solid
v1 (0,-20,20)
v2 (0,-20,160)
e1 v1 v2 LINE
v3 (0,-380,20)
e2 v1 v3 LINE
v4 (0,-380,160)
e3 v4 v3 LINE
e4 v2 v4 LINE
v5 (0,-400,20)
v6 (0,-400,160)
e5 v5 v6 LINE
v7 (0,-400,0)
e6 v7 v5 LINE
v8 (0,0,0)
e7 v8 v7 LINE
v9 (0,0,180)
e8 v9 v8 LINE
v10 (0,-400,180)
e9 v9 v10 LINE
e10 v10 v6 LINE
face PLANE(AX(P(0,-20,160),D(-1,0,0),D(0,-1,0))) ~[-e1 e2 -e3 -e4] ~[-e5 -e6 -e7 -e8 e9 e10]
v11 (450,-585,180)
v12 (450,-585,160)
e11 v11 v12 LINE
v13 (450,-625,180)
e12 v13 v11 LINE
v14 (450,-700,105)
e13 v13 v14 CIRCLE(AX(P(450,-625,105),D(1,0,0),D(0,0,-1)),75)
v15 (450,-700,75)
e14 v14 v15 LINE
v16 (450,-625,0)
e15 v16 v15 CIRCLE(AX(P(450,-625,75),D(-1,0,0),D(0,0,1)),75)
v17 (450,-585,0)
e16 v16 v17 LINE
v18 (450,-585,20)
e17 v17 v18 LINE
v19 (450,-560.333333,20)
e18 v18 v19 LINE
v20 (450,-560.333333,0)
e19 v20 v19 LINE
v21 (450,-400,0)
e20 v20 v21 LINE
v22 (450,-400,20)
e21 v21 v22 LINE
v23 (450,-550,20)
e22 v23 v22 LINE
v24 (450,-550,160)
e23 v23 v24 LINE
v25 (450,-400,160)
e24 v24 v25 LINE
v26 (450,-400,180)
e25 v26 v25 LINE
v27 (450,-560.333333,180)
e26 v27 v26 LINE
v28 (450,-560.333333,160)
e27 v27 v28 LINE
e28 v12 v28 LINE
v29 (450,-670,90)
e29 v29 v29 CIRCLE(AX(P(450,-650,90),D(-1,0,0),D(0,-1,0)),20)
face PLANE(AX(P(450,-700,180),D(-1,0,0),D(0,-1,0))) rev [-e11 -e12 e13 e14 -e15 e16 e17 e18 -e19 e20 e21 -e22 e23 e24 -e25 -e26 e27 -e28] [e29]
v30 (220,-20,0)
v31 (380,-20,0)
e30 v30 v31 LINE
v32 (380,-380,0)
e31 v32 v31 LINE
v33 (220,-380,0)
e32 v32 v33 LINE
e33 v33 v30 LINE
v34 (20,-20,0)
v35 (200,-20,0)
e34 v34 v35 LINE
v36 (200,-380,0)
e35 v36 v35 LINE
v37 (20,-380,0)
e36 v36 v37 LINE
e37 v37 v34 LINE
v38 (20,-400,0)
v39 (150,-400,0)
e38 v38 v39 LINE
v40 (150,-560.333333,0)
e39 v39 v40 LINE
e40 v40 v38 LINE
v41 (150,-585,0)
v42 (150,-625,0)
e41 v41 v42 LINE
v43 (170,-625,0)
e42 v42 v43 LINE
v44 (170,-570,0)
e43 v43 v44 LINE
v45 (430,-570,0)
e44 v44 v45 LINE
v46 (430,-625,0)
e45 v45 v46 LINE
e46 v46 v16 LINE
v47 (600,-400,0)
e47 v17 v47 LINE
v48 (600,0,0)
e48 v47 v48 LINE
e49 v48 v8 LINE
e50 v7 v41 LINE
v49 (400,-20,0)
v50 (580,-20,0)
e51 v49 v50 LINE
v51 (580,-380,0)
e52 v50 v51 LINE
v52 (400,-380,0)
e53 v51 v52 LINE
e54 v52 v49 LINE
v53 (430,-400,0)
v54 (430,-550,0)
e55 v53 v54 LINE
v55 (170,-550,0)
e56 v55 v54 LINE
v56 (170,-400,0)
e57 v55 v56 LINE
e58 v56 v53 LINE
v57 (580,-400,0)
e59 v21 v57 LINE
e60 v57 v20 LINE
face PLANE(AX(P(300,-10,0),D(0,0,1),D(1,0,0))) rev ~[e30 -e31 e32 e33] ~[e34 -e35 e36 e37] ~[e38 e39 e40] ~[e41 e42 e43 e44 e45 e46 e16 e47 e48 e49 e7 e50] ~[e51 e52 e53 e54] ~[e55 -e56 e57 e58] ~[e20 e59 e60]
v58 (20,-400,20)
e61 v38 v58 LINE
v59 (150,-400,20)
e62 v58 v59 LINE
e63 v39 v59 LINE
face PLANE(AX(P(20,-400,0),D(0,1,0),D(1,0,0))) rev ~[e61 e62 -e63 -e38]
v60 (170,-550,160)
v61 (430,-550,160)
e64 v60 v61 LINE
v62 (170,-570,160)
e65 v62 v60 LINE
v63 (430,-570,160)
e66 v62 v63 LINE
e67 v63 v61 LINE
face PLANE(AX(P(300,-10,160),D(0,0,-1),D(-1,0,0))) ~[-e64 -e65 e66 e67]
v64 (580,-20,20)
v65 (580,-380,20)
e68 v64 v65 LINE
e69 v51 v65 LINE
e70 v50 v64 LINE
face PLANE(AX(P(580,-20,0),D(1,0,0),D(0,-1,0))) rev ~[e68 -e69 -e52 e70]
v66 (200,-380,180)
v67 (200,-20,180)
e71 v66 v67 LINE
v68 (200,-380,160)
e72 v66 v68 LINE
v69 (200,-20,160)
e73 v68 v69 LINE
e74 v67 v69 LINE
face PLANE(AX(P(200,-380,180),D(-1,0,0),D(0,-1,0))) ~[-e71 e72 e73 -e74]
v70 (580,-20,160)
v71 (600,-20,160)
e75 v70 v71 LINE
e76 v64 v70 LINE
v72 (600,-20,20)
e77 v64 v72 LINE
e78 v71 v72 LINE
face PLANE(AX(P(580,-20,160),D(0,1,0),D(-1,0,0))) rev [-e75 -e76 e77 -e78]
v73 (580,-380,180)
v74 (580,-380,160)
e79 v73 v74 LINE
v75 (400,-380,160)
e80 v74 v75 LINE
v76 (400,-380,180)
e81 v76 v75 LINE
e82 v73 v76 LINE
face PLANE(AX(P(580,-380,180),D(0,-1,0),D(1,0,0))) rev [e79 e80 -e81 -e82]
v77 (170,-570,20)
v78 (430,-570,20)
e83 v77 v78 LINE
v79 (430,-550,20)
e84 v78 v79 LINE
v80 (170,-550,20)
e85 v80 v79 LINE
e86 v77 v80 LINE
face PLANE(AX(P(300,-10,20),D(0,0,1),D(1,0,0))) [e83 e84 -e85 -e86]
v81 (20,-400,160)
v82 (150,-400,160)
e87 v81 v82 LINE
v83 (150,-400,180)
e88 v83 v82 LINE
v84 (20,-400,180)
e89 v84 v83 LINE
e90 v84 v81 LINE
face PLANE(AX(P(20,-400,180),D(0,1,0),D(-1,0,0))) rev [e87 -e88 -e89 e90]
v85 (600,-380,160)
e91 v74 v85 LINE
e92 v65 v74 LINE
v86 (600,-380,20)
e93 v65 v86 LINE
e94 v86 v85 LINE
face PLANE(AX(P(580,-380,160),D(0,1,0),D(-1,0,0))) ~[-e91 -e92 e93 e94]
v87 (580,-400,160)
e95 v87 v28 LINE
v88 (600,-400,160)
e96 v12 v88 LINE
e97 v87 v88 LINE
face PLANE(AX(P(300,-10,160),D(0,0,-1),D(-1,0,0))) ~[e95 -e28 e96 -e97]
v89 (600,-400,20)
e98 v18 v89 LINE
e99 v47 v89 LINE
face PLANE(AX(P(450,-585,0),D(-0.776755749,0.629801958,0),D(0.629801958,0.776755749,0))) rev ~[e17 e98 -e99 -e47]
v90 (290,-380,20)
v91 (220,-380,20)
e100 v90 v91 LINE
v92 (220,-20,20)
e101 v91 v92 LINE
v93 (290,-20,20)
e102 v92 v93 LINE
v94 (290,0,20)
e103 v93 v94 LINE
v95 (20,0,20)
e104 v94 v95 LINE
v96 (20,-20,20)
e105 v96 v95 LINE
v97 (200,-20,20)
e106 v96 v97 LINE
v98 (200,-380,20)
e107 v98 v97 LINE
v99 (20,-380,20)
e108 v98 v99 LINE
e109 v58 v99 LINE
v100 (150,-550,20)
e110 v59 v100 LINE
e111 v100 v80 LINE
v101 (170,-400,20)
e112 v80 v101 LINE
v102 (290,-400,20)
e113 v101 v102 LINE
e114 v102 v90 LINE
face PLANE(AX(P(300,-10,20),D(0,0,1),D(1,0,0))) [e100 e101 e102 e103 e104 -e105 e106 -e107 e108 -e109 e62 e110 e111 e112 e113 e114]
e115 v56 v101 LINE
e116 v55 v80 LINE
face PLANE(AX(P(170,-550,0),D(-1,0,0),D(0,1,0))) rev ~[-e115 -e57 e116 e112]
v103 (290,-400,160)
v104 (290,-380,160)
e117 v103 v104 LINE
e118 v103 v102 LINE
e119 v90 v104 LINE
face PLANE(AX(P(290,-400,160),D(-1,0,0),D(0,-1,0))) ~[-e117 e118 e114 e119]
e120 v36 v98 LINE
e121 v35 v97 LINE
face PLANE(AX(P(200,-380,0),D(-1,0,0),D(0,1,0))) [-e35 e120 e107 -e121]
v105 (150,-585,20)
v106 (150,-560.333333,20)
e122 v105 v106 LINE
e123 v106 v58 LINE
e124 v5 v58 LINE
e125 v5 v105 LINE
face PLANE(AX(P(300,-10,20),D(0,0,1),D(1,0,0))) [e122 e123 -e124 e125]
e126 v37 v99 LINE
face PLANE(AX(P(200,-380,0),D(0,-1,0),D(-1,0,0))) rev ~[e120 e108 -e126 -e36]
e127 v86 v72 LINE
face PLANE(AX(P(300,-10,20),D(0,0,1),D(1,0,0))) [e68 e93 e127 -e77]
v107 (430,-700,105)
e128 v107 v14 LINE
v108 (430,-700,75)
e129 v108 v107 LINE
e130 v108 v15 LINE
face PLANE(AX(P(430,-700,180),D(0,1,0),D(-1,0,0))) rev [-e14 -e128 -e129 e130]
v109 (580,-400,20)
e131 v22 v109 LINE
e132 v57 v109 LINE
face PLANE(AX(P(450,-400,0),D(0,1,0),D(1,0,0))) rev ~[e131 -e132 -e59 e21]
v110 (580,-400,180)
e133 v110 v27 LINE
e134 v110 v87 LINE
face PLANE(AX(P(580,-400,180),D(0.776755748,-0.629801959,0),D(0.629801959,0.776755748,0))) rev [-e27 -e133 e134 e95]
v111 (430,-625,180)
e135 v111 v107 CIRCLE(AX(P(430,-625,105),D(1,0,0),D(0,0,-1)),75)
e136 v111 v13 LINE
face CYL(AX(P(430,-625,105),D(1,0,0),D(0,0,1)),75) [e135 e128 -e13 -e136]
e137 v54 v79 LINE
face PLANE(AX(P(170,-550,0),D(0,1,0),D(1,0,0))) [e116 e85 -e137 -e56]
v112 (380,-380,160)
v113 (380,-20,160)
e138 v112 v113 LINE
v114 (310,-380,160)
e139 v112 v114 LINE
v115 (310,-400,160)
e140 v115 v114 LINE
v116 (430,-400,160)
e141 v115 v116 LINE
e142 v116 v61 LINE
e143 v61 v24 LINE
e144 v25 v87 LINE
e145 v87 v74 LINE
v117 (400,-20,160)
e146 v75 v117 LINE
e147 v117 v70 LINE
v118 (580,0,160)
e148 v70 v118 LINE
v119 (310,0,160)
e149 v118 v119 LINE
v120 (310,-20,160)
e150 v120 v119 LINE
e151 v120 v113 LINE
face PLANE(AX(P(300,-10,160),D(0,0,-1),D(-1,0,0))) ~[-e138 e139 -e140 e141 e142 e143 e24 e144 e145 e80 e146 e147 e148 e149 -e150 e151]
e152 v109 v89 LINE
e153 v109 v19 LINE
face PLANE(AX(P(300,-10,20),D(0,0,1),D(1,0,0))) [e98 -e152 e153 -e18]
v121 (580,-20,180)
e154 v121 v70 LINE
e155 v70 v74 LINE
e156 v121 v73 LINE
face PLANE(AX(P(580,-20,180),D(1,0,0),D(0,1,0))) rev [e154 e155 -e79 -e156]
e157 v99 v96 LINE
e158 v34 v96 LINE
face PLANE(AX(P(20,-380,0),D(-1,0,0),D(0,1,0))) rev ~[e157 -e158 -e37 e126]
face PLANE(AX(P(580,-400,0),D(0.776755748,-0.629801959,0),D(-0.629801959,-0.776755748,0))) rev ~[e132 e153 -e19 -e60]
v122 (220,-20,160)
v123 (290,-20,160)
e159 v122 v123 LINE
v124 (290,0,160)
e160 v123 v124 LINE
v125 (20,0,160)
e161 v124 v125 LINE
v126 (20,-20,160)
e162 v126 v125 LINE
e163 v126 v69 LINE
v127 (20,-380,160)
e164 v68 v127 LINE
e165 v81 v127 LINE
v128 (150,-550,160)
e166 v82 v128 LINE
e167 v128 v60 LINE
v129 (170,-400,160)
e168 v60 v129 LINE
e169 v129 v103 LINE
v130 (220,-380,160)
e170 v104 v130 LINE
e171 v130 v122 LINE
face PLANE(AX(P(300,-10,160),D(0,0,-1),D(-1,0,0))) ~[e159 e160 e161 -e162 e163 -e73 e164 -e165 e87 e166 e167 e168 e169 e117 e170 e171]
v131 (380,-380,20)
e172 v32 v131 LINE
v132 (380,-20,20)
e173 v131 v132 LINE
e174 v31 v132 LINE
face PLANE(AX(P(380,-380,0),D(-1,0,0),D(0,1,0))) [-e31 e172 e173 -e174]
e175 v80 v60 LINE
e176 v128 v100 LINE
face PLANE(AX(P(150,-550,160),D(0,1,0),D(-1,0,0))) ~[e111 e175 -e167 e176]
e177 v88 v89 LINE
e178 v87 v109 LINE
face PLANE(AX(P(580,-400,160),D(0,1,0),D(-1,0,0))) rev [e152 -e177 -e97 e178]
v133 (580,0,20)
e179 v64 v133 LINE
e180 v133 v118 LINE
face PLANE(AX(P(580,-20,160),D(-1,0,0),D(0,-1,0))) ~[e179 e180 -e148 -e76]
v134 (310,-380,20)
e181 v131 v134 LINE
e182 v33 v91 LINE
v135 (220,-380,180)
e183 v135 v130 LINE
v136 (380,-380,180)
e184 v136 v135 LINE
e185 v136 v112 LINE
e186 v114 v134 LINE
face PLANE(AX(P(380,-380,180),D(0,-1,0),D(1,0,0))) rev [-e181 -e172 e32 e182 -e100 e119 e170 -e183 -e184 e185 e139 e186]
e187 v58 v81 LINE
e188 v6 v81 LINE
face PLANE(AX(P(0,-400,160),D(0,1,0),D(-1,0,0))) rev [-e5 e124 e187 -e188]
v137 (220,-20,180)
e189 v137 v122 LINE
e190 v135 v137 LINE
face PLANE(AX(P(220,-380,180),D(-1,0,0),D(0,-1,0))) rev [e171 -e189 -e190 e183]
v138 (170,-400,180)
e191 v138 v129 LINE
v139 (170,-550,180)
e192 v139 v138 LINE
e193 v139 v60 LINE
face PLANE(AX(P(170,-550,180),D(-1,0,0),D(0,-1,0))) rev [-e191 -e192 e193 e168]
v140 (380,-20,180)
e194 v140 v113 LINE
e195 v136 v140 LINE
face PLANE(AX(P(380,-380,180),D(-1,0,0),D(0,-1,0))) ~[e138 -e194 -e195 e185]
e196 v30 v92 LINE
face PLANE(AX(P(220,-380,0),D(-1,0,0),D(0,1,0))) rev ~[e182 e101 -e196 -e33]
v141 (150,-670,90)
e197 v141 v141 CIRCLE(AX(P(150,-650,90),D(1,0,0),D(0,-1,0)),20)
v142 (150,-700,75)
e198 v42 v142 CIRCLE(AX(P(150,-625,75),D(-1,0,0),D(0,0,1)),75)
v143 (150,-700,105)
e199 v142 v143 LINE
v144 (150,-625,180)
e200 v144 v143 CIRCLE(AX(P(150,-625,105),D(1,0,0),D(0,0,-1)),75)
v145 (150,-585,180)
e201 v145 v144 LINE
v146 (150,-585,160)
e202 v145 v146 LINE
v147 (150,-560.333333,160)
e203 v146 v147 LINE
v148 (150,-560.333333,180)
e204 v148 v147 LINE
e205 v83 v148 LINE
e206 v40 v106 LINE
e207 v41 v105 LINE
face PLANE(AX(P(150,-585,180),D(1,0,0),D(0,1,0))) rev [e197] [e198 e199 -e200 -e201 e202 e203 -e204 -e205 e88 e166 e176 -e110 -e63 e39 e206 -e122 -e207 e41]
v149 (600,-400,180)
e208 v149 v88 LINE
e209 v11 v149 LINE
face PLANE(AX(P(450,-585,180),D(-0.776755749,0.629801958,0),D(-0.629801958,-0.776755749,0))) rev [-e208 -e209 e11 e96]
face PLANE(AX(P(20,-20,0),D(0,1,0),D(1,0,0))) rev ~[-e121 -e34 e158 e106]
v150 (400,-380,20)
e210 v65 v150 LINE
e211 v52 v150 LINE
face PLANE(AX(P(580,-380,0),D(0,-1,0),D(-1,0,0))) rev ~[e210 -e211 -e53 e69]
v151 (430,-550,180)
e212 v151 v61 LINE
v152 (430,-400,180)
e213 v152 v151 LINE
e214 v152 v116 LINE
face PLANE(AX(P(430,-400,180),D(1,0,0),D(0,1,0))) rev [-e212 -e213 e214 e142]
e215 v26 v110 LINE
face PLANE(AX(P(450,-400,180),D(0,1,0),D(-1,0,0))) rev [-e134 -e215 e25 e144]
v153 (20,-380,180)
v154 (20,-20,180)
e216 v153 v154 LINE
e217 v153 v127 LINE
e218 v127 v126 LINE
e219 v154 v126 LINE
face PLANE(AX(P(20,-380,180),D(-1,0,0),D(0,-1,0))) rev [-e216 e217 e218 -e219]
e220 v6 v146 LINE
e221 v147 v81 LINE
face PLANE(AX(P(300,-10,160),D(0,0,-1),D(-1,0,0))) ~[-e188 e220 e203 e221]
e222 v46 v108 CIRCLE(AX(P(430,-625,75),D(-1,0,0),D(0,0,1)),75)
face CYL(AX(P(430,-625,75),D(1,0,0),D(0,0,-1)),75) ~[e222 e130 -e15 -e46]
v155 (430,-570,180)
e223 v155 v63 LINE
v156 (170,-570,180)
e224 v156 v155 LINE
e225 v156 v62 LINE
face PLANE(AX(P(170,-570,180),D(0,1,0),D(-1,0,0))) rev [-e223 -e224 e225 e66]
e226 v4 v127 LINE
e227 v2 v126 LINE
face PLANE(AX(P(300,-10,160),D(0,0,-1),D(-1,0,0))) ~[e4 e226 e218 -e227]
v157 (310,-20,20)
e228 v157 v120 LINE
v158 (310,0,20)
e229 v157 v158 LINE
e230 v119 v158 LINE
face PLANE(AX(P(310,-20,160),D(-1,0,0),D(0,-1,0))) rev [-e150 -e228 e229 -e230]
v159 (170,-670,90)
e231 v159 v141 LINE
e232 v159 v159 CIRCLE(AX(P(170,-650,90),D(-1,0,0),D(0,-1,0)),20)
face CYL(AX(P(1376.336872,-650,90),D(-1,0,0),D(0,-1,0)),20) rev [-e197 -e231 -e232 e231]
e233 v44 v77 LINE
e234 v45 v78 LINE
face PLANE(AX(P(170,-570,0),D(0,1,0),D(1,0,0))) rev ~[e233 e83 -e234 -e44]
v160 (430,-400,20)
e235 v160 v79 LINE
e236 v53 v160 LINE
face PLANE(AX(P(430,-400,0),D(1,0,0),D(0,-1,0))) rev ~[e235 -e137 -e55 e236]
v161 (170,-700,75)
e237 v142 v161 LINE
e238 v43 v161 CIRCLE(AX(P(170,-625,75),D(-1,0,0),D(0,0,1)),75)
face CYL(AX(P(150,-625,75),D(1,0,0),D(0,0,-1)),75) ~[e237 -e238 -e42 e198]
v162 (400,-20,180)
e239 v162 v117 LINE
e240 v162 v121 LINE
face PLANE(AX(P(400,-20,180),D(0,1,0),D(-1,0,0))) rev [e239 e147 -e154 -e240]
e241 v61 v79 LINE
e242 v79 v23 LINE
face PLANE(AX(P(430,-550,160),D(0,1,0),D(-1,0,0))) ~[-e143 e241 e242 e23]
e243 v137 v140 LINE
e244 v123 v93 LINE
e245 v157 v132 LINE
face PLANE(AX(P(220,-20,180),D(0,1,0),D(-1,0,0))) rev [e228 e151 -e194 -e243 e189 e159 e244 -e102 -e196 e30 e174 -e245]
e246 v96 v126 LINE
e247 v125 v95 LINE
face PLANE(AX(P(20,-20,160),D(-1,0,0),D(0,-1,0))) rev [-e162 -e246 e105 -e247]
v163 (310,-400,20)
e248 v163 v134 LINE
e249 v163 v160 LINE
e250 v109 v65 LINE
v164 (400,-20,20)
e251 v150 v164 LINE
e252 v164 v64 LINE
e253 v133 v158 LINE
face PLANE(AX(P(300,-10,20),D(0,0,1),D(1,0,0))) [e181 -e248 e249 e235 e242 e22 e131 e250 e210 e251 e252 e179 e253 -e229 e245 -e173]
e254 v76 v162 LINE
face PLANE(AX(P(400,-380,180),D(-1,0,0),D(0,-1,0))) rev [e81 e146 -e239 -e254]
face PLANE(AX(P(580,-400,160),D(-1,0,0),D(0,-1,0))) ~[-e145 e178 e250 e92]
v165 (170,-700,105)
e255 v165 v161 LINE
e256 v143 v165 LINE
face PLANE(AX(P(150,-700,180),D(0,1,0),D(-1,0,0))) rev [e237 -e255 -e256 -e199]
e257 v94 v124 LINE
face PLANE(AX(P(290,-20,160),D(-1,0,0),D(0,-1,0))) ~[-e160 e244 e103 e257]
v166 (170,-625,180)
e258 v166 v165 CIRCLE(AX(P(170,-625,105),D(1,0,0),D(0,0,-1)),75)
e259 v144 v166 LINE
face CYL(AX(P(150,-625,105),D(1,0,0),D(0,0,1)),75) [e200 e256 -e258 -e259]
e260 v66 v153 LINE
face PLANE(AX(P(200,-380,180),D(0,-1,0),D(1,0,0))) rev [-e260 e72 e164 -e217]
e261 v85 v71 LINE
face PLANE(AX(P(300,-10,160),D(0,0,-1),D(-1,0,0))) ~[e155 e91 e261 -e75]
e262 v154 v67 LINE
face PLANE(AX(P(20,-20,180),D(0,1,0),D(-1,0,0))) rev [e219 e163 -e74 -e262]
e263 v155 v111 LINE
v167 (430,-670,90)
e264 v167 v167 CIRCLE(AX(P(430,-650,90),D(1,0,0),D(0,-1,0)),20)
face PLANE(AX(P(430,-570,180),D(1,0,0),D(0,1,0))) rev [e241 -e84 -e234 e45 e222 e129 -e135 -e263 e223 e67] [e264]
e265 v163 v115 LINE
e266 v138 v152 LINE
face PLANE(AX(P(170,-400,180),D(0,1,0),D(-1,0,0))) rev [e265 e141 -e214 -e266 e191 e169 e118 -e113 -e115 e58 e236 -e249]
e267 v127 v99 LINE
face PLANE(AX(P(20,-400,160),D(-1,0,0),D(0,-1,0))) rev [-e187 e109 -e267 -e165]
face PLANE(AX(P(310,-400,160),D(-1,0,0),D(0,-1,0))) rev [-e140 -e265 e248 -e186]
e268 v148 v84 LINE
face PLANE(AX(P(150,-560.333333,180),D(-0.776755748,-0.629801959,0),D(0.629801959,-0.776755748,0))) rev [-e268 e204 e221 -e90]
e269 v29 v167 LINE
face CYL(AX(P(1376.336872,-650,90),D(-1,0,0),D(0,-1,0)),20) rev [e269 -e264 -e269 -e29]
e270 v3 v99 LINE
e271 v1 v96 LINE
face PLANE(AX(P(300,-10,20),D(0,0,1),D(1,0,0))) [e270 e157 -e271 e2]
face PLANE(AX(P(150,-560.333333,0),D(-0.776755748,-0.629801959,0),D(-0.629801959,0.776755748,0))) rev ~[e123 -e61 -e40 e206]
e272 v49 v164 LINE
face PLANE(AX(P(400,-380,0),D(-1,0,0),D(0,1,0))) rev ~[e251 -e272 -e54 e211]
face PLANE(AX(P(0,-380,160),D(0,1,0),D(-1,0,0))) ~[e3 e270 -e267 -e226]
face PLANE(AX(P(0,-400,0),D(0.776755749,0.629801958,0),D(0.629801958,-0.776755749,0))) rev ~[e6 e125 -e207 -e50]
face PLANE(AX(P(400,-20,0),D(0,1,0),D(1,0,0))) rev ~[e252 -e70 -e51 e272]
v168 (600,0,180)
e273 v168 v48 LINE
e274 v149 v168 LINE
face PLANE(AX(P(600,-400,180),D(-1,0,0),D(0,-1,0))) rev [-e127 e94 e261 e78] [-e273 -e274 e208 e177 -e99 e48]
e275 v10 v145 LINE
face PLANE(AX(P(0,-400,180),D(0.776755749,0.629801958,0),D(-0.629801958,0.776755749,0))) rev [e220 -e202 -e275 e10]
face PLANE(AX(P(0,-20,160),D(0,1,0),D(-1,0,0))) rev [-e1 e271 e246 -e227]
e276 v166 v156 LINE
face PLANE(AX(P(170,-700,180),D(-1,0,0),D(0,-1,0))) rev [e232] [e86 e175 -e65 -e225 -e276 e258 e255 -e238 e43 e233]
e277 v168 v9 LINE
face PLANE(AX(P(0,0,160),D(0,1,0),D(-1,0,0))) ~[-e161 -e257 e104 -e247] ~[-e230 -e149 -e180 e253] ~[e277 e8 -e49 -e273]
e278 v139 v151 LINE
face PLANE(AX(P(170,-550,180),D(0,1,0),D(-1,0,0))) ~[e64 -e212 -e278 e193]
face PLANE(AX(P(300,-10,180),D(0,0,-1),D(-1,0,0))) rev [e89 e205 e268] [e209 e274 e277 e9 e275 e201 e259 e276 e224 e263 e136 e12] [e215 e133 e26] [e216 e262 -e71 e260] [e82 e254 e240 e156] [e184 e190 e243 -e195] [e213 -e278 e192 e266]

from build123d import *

# Parameters (mm, degrees)
F0_W     = 260
F0_H     = 20
F0_W_2   = 20
F0_H_2   = 360
F1_DEPTH = 20
F2_W     = 20
F2_H     = 20
F2_H_2   = 150
F3_DEPTH = 70
F5_D     = 40
F6_R     = 75


with BuildPart() as f1:
    # F0 (on Top) → F1 (new body)
    with BuildSketch(Plane.XY):
        Polygon((600, 0), (0, 0), (0, -20), (20, -20), (200, -20), (220, -20), (380, -20), (400, -20), (580, -20), (600, -20), align=None)
        Polygon((20, -20), (0, -20), (0, -400), (20, -400), (20, -380), align=None)
        Polygon((600, -400), (600, -20), (580, -20), (580, -380), (580, -400), align=None)
        Polygon((20, -400), (0, -400), (150, -585), (150, -560.333333), align=None)
        Polygon((450, -585), (600, -400), (580, -400), (450, -560.333333), align=None)
        Polygon((150, -560.333333), (150, -585), (150, -700), (170, -700), (170, -570), (170, -550), (170, -400), (150, -400), align=None)
        Polygon((450, -700), (450, -585), (450, -560.333333), (450, -400), (430, -400), (430, -550), (430, -570), (430, -700), align=None)
        with Locations((300, -560)):
            Rectangle(F0_W, F0_H)
        with Locations((390, -200)):
            Rectangle(F0_W_2, F0_H_2)
        Polygon((200, -380), (20, -380), (20, -400), (150, -400), (170, -400), (430, -400), (450, -400), (580, -400), (580, -380), (400, -380), (380, -380), (220, -380), align=None)
        with Locations((210, -200)):
            Rectangle(F0_W_2, F0_H_2)
    extrude(amount=F1_DEPTH)

    # F2 (on face) → F3 (join)
    with BuildSketch(Plane.XY.offset(20)):
        with Locations((10, -10)):
            Rectangle(F2_W, F2_H)
        with Locations((590, -10)):
            Rectangle(F2_W, F2_H)
        with Locations((590, -390)):
            Rectangle(F2_W, F2_H)
        with Locations((10, -390)):
            Rectangle(F2_W, F2_H)
        with Locations((160, -625)):
            Rectangle(F2_W, F2_H_2)
        with Locations((440, -625)):
            Rectangle(F2_W, F2_H_2)
        with Locations((300, -390)):
            Rectangle(F2_W, F2_H)
        with Locations((300, -10)):
            Rectangle(F2_W, F2_H)
    extrude(amount=F3_DEPTH)

    # F5 (through all)
    with Locations(Plane.YZ.offset(450)):
        with Locations((-650, 90)):
            Hole(F5_D / 2)

    # F6
    f6_edges = [f1.edges().sort_by_distance(p)[0] for p in [
        (160, -700, 0),
        (440, -700, 0),
    ]]
    fillet(f6_edges, radius=F6_R)

    # F7: F1 across face


with BuildPart() as f1_1:
    add(f1.part)
    add(f1.part.mirror(Plane(origin=(160, -590, 90), x_dir=(1, 0, 0), z_dir=(0, 0, 1))))


solid = f1_1.part
